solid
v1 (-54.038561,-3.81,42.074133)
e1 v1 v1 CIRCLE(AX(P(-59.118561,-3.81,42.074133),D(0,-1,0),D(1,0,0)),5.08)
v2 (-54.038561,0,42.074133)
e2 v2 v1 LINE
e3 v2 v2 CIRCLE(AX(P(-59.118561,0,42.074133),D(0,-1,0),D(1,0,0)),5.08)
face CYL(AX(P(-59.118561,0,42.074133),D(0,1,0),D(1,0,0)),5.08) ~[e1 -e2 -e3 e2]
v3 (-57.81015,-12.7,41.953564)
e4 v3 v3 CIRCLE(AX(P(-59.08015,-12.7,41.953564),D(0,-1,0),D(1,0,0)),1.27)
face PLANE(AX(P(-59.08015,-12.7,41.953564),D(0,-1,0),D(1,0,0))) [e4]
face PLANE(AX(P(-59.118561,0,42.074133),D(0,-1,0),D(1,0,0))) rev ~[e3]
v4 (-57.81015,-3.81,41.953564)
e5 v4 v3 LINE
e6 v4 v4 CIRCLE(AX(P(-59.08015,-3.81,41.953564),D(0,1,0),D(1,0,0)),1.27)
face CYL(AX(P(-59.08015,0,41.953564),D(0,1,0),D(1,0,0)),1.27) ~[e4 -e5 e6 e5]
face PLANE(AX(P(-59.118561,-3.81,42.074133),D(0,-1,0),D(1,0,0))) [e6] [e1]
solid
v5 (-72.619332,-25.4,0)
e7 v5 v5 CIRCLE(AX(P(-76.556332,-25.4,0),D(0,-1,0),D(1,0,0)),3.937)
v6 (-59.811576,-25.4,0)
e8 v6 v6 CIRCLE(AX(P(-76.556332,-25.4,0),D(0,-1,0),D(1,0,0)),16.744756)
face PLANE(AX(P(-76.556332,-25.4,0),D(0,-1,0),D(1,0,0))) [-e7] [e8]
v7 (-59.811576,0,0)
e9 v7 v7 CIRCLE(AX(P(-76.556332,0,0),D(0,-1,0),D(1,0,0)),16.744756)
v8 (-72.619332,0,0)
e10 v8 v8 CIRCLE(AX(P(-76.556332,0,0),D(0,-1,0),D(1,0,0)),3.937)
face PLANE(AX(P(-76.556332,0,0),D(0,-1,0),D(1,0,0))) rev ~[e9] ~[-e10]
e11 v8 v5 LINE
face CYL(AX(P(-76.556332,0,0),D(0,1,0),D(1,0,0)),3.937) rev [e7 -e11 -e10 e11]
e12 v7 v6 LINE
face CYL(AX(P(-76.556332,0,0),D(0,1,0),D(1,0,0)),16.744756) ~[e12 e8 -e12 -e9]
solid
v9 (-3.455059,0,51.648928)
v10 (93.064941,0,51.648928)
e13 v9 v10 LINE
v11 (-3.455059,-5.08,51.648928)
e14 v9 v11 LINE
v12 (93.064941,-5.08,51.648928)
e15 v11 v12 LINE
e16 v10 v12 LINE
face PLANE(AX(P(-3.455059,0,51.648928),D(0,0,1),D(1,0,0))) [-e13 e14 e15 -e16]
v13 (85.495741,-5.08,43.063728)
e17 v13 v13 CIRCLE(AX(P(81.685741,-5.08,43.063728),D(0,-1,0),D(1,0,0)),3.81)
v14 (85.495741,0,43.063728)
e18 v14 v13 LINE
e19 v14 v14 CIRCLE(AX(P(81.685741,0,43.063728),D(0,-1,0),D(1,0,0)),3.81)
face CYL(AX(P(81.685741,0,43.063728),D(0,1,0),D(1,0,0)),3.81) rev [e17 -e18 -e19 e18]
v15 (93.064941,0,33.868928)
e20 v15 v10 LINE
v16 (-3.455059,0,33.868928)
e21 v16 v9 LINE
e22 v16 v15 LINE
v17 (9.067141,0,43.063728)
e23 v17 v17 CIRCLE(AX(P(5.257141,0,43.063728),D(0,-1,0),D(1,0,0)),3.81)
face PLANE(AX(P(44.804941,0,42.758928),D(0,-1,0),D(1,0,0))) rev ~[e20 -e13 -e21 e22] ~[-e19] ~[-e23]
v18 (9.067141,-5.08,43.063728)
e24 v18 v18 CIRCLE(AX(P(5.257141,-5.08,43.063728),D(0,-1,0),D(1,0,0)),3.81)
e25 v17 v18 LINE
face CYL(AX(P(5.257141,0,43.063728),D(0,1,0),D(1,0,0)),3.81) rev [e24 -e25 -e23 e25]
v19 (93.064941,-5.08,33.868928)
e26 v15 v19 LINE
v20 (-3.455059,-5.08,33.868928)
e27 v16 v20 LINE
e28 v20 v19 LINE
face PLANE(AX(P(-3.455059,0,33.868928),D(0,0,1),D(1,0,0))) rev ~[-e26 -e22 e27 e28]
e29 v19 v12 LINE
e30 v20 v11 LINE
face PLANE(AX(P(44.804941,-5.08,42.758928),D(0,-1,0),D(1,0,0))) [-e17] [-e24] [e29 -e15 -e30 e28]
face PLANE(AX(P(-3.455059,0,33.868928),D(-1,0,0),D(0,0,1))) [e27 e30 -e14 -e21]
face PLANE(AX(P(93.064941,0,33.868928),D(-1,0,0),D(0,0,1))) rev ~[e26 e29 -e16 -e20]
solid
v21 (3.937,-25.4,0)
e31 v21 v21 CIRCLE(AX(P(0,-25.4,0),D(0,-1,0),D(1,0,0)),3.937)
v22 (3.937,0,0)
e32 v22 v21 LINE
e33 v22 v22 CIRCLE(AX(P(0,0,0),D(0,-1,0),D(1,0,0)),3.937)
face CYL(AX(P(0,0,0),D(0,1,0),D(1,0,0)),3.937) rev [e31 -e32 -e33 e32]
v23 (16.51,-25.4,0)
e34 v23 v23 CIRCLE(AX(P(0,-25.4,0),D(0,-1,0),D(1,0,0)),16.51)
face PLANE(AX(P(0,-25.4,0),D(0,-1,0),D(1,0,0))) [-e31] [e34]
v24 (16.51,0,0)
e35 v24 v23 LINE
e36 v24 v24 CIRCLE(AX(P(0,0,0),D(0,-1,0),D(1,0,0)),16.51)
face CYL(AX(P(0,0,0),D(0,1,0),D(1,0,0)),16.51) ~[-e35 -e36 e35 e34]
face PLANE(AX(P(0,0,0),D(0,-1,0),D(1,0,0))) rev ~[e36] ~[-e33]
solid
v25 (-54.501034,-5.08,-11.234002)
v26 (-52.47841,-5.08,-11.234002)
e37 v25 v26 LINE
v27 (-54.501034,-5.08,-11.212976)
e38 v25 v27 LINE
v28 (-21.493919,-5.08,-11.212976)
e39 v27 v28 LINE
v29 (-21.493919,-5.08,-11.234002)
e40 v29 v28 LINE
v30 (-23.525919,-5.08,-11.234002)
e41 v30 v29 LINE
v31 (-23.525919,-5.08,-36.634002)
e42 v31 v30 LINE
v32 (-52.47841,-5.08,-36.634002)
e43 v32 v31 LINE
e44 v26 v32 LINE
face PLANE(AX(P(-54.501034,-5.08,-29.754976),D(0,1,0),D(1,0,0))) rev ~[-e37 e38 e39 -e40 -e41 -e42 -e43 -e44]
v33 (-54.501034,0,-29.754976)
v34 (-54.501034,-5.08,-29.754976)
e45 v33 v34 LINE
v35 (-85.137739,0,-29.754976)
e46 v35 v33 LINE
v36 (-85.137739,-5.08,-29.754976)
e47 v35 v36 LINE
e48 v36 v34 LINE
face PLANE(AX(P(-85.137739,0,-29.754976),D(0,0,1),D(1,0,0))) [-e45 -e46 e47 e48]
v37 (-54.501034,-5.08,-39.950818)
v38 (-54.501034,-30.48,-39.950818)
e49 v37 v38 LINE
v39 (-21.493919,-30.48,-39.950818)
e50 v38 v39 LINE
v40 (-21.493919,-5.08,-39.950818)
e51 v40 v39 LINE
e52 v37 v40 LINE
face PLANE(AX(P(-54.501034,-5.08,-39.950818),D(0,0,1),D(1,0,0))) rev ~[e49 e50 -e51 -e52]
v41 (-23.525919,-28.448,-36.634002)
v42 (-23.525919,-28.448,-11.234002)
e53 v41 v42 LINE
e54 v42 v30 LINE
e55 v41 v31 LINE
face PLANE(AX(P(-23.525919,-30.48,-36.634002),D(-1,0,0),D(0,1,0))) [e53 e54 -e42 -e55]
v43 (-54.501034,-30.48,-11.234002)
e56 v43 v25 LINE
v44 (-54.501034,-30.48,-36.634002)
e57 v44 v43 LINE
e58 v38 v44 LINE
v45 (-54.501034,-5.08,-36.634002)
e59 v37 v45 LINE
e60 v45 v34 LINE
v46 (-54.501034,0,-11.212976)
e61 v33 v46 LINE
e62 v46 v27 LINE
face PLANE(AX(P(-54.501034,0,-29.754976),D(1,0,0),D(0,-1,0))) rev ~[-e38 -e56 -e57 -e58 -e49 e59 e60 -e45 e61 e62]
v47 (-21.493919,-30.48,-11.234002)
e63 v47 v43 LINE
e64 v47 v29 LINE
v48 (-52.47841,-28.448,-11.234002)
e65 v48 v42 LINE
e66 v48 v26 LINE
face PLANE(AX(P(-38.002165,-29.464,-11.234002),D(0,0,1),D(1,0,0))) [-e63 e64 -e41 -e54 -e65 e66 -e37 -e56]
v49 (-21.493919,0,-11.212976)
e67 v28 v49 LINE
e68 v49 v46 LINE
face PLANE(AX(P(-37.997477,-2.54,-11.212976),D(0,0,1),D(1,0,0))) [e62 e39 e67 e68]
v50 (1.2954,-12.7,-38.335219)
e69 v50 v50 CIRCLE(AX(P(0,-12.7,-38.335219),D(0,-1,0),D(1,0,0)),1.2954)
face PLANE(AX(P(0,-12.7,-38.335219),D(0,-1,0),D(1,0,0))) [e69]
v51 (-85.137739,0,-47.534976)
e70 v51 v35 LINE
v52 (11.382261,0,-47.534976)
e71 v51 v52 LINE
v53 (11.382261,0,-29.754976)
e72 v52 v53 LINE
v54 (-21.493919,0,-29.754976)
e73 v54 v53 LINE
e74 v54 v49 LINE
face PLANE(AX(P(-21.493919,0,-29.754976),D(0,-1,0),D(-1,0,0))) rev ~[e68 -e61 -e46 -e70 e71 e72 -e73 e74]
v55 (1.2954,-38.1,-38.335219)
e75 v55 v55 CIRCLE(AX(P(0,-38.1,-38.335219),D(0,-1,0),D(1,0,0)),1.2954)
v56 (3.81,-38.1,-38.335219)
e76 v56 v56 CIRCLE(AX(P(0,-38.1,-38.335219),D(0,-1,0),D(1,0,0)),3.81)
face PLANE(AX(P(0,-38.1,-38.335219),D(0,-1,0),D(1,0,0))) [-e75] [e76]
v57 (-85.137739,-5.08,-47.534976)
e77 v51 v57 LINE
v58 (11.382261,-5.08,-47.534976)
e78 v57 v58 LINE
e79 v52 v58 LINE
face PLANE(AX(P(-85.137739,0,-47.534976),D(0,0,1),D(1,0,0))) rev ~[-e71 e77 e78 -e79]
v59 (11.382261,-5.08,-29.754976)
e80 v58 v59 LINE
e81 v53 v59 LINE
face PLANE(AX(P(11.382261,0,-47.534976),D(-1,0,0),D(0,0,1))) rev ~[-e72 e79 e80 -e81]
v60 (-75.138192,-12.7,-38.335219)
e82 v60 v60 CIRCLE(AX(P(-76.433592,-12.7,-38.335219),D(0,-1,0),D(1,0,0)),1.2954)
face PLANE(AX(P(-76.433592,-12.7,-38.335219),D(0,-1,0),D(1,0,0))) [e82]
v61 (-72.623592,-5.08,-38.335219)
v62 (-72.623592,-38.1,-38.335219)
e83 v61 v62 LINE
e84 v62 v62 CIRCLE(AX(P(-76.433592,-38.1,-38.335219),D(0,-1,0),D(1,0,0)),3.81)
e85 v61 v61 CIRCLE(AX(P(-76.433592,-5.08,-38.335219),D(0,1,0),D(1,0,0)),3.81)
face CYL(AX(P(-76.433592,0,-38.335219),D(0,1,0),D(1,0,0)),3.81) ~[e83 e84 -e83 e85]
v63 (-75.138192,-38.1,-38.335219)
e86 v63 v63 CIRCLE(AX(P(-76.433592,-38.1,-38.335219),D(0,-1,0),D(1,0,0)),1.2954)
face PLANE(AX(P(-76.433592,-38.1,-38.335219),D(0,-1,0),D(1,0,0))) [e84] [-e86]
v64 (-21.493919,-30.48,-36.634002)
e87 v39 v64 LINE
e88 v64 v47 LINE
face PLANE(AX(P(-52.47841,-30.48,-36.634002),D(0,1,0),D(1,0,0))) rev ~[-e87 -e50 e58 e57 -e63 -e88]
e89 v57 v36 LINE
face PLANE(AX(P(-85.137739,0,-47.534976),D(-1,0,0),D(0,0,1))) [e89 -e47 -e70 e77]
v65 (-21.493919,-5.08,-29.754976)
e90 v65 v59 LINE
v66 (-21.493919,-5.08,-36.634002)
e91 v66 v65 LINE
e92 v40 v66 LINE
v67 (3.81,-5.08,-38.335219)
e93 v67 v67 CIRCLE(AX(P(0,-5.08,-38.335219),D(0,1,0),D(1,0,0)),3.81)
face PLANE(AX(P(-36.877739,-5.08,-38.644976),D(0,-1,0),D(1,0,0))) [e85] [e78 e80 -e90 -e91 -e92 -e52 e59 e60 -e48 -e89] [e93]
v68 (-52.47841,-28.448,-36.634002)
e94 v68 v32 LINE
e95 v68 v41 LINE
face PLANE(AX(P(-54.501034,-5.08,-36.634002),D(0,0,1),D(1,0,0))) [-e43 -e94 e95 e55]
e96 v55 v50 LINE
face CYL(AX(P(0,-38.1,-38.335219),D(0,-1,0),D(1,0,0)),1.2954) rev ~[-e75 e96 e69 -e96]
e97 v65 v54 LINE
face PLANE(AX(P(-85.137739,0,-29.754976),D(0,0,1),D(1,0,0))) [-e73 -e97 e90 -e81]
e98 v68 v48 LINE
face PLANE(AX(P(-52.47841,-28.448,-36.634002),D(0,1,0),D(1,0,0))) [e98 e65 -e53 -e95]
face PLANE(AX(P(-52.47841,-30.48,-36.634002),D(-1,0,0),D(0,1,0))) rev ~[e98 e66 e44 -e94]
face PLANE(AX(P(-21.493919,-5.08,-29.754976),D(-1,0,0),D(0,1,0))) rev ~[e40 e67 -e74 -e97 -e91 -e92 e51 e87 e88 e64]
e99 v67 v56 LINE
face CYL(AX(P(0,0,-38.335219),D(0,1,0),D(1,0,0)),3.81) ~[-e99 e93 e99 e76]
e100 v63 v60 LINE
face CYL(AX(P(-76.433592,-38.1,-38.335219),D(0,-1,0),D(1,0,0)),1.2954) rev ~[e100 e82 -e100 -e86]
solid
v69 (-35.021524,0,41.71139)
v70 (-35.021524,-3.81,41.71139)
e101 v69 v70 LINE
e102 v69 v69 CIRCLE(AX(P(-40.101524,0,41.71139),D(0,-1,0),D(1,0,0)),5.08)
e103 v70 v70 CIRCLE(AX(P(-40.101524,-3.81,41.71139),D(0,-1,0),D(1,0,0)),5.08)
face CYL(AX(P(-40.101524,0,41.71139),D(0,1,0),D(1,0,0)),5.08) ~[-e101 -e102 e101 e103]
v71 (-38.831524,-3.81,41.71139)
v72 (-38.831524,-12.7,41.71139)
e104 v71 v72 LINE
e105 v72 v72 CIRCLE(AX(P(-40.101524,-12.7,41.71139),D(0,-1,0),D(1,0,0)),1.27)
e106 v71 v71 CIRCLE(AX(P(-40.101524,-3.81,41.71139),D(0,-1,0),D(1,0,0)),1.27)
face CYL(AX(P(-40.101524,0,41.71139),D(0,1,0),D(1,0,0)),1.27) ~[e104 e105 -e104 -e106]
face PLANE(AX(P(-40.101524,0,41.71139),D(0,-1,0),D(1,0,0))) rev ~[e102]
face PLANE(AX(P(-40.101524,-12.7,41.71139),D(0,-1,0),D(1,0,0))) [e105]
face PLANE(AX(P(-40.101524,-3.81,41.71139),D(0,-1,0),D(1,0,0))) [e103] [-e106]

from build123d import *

# Parameters (mm, degrees)
F0_R      = 16.51
F0_R_2    = 3.937
F1_DEPTH  = 25.4
F2_R      = 16.7447564174
F2_R_2    = 3.937
F3_DEPTH  = 25.4
F5_W      = 96.52
F5_H      = 17.78
F6_DEPTH  = 5.08
F4_R      = 3.81
F7_DEPTH  = 38.1
F8_DEPTH  = 38.1
F9_W      = 96.52
F9_H      = 17.78
F9_R      = 3.81
F10_DEPTH = 5.08
F11_R     = 1.27
F12_DEPTH = 12.7
F13_R     = 5.08
F14_DEPTH = 3.81
F15_W     = 33.0071151257
F15_H     = 3.3168159425
F16_DEPTH = 25.4
F17_R     = 1.2954
F18_DEPTH = 25.4
F19_R     = 1.2954
F20_DEPTH = 25.4
F21_W     = 2.0226240158
F21_H     = 25.4
F22_DEPTH = 25.4
F23_W     = 2.032
F23_H     = 25.4
F24_DEPTH = 25.4
F25_W     = 28.9524911098
F25_H     = 2.032
F26_DEPTH = 25.4
F28_DEPTH = 18.542
F30_R     = 5.08
F30_R_2   = 1.27
F31_DEPTH = 3.81
F32_DEPTH = 12.7


with BuildPart() as f1:
    # F0 (on Front) → F1 (new body)
    with BuildSketch(Plane.XZ):
        Circle(F0_R)
        Circle(F0_R_2, mode=Mode.SUBTRACT)
    extrude(amount=F1_DEPTH)


with BuildPart() as f3:
    # F2 (on Front) → F3 (new body)
    with BuildSketch(Plane.XZ):
        with Locations((-76.5563324094, 0)):
            Circle(F2_R)
        with Locations((-76.5563324094, 0)):
            Circle(F2_R_2, mode=Mode.SUBTRACT)
    extrude(amount=F3_DEPTH)


with BuildPart() as f6:
    # F5 (on Front) → F6 (new body)
    with BuildSketch(Plane.XZ):
        with Locations((-36.8777387089, -38.6449761546)):
            Rectangle(F5_W, F5_H)
    extrude(amount=F6_DEPTH)

    # F4 (on Front) → F7 (join)
    with BuildSketch(Plane.XZ):
        with Locations((0, -38.3352190256)):
            Circle(F4_R)
    extrude(amount=F7_DEPTH)

    # F4 (on Front) → F8 (join)
    with BuildSketch(Plane.XZ):
        with Locations((-76.4335915446, -38.3352190256)):
            Circle(F4_R)
    extrude(amount=F8_DEPTH)

    # F15 (on face) → F16 (join)
    with BuildSketch(Plane.XZ.offset(5.08)):
        with Locations((-37.9974767566, -38.2924098521)):
            Rectangle(F15_W, F15_H)
    extrude(amount=F16_DEPTH)

    # F17 (on face) → F18 (cut)
    with BuildSketch(Plane.XZ.offset(38.1)):
        with Locations((-76.4335915446, -38.3352190256)):
            Circle(F17_R)
    extrude(amount=-F18_DEPTH, mode=Mode.SUBTRACT)

    # F19 (on face) → F20 (cut)
    with BuildSketch(Plane.XZ.offset(38.1)):
        with Locations((0, -38.3352190256)):
            Circle(F19_R)
    extrude(amount=-F20_DEPTH, mode=Mode.SUBTRACT)

    # F21 (on face) → F22 (join)
    with BuildSketch(Plane.XY.offset(-36.6340018809)):
        with Locations((-53.4897223115, -17.78)):
            Rectangle(F21_W, F21_H)
    extrude(amount=F22_DEPTH)

    # F23 (on face) → F24 (join)
    with BuildSketch(Plane.XY.offset(-36.6340018809)):
        with Locations((-22.5099191937, -17.78)):
            Rectangle(F23_W, F23_H)
    extrude(amount=F24_DEPTH)

    # F25 (on face) → F26 (join)
    with BuildSketch(Plane.XY.offset(-36.6340018809)):
        with Locations((-38.0021647487, -29.464)):
            Rectangle(F25_W, F25_H)
    extrude(amount=F26_DEPTH)

    # F27 (on face) → F28 (join)
    with BuildSketch(Plane.XY.offset(-29.7549761546)):
        Polygon((-23.5259191937, -5.08), (-21.4939191937, -5.08), (-21.4939191937, 0), (-54.5010343194, 0), (-54.5010343194, -5.08), (-52.4784103036, -5.08), align=None)
    extrude(amount=F28_DEPTH)


with BuildPart() as f10:
    # F9 (on Front) → F10 (new body)
    with BuildSketch(Plane.XZ):
        with Locations((44.8049414659, 42.7589275086)):
            Rectangle(F9_W, F9_H)
        with Locations((5.2571414659, 43.0637275086)):
            Circle(F9_R, mode=Mode.SUBTRACT)
        with Locations((81.6857414659, 43.0637275086)):
            Circle(F9_R, mode=Mode.SUBTRACT)
    extrude(amount=F10_DEPTH)


with BuildPart() as f12:
    # F11 (on Front) → F12 (new body)
    with BuildSketch(Plane.XZ):
        with Locations((-59.0801499784, 41.9535636902)):
            Circle(F11_R)
    extrude(amount=F12_DEPTH)

    # F13 (on Front) → F14 (join)
    with BuildSketch(Plane.XZ):
        with Locations((-59.1185614467, 42.0741327107)):
            Circle(F13_R)
    extrude(amount=F14_DEPTH)


with BuildPart() as f31:
    # F30 (on Front) → F31 (new body)
    with BuildSketch(Plane.XZ):
        with Locations((-40.1015244424, 41.7113900185)):
            Circle(F30_R)
        with Locations((-40.1015244424, 41.7113900185)):
            Circle(F30_R_2, mode=Mode.SUBTRACT)
    extrude(amount=F31_DEPTH)

    # F30 (on Front) → F32 (join)
    with BuildSketch(Plane.XZ):
        with Locations((-40.1015244424, 41.7113900185)):
            Circle(F30_R_2)
    extrude(amount=F32_DEPTH)


solid = Compound([f1.part, f3.part, f6.part, f10.part, f12.part, f31.part])
